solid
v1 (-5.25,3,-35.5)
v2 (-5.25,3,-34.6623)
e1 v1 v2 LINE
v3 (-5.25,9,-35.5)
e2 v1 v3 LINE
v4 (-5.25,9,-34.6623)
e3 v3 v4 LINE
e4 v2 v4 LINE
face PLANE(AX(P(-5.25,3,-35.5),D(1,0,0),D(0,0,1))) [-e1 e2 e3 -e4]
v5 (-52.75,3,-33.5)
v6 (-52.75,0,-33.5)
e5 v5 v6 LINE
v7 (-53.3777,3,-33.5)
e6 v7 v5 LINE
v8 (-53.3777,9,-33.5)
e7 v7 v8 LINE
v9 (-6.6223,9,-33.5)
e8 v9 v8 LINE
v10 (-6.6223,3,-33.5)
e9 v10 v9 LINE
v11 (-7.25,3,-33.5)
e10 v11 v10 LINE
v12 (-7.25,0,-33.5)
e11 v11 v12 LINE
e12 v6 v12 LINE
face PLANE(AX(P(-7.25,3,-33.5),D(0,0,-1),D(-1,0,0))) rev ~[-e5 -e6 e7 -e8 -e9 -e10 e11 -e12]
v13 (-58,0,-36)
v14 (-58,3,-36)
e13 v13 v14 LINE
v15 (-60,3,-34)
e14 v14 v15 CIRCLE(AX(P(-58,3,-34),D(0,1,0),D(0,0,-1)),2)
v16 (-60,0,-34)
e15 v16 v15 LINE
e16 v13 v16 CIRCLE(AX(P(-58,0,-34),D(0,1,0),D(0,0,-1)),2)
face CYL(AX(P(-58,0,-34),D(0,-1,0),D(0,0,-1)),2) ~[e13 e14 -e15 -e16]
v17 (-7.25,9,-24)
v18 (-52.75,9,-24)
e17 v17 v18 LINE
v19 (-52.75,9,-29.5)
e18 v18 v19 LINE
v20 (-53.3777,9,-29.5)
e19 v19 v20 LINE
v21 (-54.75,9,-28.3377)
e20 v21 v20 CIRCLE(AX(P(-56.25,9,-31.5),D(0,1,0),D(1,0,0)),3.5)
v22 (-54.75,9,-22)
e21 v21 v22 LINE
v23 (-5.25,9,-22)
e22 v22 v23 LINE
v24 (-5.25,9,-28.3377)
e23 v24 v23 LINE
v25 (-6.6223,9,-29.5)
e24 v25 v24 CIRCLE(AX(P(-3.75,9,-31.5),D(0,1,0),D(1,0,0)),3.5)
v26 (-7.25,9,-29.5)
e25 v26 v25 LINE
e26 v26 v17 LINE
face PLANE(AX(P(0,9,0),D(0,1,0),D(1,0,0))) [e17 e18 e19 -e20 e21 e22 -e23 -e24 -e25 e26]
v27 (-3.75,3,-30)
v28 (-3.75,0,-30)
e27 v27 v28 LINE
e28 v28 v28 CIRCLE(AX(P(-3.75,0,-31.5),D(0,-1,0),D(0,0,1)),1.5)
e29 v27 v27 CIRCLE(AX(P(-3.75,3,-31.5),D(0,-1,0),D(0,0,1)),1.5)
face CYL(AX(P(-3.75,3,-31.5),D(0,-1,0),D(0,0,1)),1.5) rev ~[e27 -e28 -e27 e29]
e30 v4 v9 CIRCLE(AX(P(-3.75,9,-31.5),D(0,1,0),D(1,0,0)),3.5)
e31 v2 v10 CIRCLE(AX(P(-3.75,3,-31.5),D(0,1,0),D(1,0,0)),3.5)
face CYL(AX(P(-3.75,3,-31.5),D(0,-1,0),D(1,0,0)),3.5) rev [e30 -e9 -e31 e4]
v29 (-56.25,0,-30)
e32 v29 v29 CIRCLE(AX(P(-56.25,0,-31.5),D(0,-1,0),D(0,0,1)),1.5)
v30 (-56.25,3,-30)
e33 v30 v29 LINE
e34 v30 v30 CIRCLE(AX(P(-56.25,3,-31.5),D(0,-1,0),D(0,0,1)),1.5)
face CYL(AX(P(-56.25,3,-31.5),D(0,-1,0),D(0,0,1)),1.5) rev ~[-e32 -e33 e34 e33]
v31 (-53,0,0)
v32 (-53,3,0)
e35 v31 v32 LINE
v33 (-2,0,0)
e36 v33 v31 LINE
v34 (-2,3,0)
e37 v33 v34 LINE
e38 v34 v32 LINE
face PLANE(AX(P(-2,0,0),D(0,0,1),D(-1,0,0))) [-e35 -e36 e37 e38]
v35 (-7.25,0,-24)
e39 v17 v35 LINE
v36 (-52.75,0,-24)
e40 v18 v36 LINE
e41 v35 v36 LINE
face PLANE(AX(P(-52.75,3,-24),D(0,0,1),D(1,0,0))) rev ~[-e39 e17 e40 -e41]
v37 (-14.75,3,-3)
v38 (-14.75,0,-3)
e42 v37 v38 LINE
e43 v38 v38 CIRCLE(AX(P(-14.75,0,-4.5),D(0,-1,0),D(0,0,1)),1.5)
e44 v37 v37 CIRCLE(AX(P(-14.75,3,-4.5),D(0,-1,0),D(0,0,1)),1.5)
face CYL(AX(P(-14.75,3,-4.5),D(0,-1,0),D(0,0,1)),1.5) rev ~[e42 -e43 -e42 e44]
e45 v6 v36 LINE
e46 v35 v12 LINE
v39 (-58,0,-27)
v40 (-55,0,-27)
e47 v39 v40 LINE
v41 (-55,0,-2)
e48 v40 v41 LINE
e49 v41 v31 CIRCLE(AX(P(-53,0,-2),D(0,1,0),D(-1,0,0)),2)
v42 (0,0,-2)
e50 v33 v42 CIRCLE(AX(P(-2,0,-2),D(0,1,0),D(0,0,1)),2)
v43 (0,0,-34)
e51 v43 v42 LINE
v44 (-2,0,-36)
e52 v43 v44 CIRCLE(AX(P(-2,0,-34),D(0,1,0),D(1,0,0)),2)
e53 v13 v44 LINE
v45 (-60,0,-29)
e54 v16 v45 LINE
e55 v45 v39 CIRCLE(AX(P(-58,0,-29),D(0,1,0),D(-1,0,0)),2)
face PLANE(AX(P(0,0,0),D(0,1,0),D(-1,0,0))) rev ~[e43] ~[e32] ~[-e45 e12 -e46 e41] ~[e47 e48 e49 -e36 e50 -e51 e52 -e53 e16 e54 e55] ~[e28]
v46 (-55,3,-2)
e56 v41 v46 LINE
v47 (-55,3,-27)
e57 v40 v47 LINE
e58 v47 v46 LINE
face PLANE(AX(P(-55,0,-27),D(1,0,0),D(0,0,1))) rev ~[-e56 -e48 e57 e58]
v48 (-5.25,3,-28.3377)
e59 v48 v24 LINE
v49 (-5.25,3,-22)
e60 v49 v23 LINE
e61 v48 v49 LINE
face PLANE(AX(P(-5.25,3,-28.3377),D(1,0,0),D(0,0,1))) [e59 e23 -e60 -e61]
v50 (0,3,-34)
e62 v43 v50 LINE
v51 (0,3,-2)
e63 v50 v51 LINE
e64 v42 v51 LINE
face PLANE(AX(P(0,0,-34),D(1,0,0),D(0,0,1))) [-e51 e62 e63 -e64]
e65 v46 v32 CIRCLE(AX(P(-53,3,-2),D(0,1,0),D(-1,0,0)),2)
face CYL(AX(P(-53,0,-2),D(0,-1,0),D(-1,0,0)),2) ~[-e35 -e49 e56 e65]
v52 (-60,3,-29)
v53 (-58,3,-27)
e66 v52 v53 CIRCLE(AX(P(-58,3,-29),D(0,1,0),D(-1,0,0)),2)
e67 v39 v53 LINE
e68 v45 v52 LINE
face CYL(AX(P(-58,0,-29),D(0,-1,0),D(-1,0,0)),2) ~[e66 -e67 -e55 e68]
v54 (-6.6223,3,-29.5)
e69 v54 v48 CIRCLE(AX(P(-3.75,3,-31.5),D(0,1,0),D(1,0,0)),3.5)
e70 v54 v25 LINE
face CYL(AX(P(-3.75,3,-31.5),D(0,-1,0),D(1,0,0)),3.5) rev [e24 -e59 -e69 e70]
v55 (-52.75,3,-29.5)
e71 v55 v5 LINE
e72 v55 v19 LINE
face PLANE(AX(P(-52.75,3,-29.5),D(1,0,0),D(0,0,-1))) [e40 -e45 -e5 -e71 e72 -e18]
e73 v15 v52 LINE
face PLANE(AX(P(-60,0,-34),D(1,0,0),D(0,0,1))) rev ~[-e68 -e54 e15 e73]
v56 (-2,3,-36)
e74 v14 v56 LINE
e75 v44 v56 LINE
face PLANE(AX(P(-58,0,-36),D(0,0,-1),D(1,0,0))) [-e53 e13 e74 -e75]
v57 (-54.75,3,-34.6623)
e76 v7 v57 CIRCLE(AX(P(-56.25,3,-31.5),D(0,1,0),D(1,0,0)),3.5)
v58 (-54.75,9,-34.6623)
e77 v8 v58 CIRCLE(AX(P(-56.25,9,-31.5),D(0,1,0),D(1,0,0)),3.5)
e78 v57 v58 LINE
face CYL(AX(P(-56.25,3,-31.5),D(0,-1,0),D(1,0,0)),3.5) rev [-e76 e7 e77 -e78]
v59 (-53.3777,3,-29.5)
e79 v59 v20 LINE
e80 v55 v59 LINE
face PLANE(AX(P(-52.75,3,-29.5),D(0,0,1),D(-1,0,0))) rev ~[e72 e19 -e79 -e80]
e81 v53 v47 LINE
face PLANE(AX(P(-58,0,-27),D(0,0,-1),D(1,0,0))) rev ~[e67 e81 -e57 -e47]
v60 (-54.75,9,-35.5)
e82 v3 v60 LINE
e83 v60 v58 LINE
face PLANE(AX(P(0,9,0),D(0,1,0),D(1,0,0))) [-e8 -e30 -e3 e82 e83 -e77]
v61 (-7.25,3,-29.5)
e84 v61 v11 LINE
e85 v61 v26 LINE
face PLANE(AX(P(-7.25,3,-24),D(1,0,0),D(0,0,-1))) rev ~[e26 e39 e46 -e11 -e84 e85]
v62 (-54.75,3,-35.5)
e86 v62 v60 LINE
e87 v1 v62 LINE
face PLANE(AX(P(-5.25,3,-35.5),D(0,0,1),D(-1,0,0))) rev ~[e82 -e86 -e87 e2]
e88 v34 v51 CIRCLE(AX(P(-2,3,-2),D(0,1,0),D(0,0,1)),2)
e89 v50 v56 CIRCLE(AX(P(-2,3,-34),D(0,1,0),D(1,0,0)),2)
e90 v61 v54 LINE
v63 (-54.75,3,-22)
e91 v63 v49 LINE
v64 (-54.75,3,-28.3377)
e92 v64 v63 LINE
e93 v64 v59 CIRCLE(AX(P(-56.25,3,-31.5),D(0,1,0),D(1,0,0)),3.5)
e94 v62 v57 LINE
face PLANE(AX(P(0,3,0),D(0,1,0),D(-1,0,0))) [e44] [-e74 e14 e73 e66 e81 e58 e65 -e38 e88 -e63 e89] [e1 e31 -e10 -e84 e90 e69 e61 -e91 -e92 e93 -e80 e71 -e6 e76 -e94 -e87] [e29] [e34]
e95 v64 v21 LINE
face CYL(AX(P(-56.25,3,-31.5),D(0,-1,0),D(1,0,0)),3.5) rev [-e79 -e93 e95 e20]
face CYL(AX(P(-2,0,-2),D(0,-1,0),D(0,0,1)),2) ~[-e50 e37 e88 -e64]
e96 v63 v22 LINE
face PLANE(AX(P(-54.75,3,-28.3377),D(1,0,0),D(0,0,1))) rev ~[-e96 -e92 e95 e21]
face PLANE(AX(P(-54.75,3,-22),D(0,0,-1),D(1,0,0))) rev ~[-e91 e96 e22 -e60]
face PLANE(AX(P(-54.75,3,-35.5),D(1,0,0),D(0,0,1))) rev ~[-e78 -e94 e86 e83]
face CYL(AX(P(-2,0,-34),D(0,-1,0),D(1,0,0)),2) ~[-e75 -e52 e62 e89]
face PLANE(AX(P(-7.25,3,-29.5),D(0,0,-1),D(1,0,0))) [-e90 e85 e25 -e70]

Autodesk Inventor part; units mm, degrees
ref_plane "YZ Plane" through (0, 0, 0) normal (1, 0, 0) x (0, 1, 0)
ref_plane "XZ Plane" through (0, 0, 0) normal (0, 1, 0) x (-1, 0, 0)
ref_plane "XY Plane" through (0, 0, 0) normal (0, 0, 1) x (1, 0, 0)
sketch "Sketch1" plane through (0, 0, 0) normal (0, 1, 0) x (-1, 0, 0)
  line L0 (2, 0) -> (53, 0)
  line L1 (58, -36) -> (2, -36)
  line L2 (0, -34) -> (0, -2)
  line L3 (60, -34) -> (60, -29)
  line L4 (58, -27) -> (55, -27)
  line L5 (55, -27) -> (55, -2)
  arc A0 (58, -36) -> (60, -34) centre (58, -34) ccw
  arc A1 (0, -34) -> (2, -36) centre (2, -34) ccw
  arc A2 (55, -2) -> (53, 0) centre (53, -2) ccw
  arc A3 (2, 0) -> (0, -2) centre (2, -2) ccw
  arc A4 (60, -29) -> (58, -27) centre (58, -29) ccw
  point P0 (0, 0)
  point P1 (60, -36)
  point P2 (55, 0)
  point P3 (0, -36)
  point P4 (60, -27)
  dimension "d0" = 60
  dimension "d47" = 36
  dimension "d48" = 9
  dimension "d49" = 5
  dimension "d68" = 2
  dimension "d87" = 2
extrude "Extrusion1" add sketch "Sketch1" along normal blind 3
sketch "Sketch7" plane through (0, 3, 0) normal (0, 1, 0) x (1, 0, 0)
  line L0 (-53, 0) -> (-2, 0) projected
  line L1 (0, 2) -> (0, 34) projected
  line L2 (-2, 36) -> (-58, 36) projected
  line L3 (-56.25, 31.5) -> (-3.75, 31.5)
  line L4 (-3.75, 31.5) -> (-3.75, 4.5)
  line L5 (-3.75, 4.5) -> (-56.25, 4.5)
  line L6 (-56.25, 4.5) -> (-56.25, 31.5)
  line L7 (-55, 27) -> (-55, 2) projected
  line L8 (-60, 34) -> (-60, 29) projected
  line L9 (-58, 27) -> (-55, 27) projected
  arc A0 (-55, 2) -> (-53, 0) centre (-53, 2) ccw projected
  arc A1 (-2, 0) -> (0, 2) centre (-2, 2) ccw projected
  arc A2 (0, 34) -> (-2, 36) centre (-2, 34) ccw projected
  arc A3 (-58, 36) -> (-60, 34) centre (-58, 34) ccw projected
  arc A4 (-60, 29) -> (-58, 27) centre (-58, 29) ccw projected
  point P0 (-14.75, 4.5)
  dimension "d42" = 27
  dimension "d43" = 52.5
  dimension "d44" = 4.5
  dimension "d45" = 11
  dimension "d50" = 3.75
hole "Hole1" at (-56.25, 3, -31.5) at (-3.75, 3, -31.5) at (-14.75, 3, -4.5) direction (0, -1, 0) diameter 3 depth 10.25
sketch "Sketch8" plane through (0, 3, 0) normal (0, 1, 0) x (1, 0, 0)
  line L0 (-52.75, 33.5) -> (-7.25, 33.5)
  line L1 (-7.25, 24) -> (-52.75, 24)
  circle A0 centre (-56.25, 31.5) radius 1.5 projected
  circle A1 centre (-3.75, 31.5) radius 1.5 projected
  circle A2 centre (-56.25, 31.5) radius 3.5
  circle A3 centre (-3.75, 31.5) radius 3.5
  line L2 (-2, 36) -> (-58, 36) projected
  line L3 (-54.75, 28.3377) -> (-54.75, 22)
  line L4 (-54.75, 22) -> (-5.25, 22)
  line L5 (-5.25, 35.5) -> (-54.75, 35.5)
  line L6 (-54.75, 35.5) -> (-54.75, 34.6623)
  line L7 (-52.75, 33.5) -> (-53.3777, 33.5)
  line L8 (-52.75, 24) -> (-52.75, 29.5)
  line L9 (-52.75, 29.5) -> (-52.75, 31.5)
  line L10 (-52.75, 33.5) -> (-52.75, 31.5)
  line L11 (-52.75, 29.5) -> (-53.3777, 29.5)
  line L12 (-7.25, 33.5) -> (-7.25, 31.5)
  line L13 (-7.25, 31.5) -> (-7.25, 29.5)
  line L14 (-7.25, 29.5) -> (-7.25, 24)
  line L15 (-7.25, 33.5) -> (-6.6223, 33.5)
  line L16 (-7.25, 29.5) -> (-6.6223, 29.5)
  line L17 (-5.25, 35.5) -> (-5.25, 34.6623)
  line L18 (-5.25, 28.3377) -> (-5.25, 22)
  point P0 (0, 0)
  dimension "d73" = 9.5
  dimension "d74" = 45.5
  dimension "d75" = 7
  dimension "d76" = 7
  dimension "d77" = 2.5
  dimension "d78" = 2
  dimension "d81" = 2
  dimension "d82" = 9.5
  dimension "d83" = 2
  dimension "d85" = 49.5
  dimension "d86" = 49.5
extrude "Extrusion6" add sketch "Sketch8" along normal blind 6 contours L7 A2 L6 L5 L17 A3 L15 L0 | L11 L8 L1 L14 L16 A3 L18 L4 L3 A2
sketch "Sketch9" plane through (0, 3, 0) normal (0, 1, 0) x (1, 0, 0)
  line L0 (-52.75, 29.5) -> (-52.75, 24) projected
  line L1 (-52.75, 24) -> (-7.25, 24) projected
  line L2 (-7.25, 24) -> (-7.25, 29.5) projected
  line L3 (-6.6223, 33.5) -> (-53.3777, 33.5) projected
  line L4 (-52.75, 29.5) -> (-52.75, 33.5)
  line L5 (-7.25, 29.5) -> (-6.6223, 29.5) projected
  line L6 (-7.25, 29.5) -> (-7.25, 33.5)
  point P0 (0, 0)
extrude "Extrusion7" cut sketch "Sketch9" against normal up to next
properties part number "MidPlate v2"
